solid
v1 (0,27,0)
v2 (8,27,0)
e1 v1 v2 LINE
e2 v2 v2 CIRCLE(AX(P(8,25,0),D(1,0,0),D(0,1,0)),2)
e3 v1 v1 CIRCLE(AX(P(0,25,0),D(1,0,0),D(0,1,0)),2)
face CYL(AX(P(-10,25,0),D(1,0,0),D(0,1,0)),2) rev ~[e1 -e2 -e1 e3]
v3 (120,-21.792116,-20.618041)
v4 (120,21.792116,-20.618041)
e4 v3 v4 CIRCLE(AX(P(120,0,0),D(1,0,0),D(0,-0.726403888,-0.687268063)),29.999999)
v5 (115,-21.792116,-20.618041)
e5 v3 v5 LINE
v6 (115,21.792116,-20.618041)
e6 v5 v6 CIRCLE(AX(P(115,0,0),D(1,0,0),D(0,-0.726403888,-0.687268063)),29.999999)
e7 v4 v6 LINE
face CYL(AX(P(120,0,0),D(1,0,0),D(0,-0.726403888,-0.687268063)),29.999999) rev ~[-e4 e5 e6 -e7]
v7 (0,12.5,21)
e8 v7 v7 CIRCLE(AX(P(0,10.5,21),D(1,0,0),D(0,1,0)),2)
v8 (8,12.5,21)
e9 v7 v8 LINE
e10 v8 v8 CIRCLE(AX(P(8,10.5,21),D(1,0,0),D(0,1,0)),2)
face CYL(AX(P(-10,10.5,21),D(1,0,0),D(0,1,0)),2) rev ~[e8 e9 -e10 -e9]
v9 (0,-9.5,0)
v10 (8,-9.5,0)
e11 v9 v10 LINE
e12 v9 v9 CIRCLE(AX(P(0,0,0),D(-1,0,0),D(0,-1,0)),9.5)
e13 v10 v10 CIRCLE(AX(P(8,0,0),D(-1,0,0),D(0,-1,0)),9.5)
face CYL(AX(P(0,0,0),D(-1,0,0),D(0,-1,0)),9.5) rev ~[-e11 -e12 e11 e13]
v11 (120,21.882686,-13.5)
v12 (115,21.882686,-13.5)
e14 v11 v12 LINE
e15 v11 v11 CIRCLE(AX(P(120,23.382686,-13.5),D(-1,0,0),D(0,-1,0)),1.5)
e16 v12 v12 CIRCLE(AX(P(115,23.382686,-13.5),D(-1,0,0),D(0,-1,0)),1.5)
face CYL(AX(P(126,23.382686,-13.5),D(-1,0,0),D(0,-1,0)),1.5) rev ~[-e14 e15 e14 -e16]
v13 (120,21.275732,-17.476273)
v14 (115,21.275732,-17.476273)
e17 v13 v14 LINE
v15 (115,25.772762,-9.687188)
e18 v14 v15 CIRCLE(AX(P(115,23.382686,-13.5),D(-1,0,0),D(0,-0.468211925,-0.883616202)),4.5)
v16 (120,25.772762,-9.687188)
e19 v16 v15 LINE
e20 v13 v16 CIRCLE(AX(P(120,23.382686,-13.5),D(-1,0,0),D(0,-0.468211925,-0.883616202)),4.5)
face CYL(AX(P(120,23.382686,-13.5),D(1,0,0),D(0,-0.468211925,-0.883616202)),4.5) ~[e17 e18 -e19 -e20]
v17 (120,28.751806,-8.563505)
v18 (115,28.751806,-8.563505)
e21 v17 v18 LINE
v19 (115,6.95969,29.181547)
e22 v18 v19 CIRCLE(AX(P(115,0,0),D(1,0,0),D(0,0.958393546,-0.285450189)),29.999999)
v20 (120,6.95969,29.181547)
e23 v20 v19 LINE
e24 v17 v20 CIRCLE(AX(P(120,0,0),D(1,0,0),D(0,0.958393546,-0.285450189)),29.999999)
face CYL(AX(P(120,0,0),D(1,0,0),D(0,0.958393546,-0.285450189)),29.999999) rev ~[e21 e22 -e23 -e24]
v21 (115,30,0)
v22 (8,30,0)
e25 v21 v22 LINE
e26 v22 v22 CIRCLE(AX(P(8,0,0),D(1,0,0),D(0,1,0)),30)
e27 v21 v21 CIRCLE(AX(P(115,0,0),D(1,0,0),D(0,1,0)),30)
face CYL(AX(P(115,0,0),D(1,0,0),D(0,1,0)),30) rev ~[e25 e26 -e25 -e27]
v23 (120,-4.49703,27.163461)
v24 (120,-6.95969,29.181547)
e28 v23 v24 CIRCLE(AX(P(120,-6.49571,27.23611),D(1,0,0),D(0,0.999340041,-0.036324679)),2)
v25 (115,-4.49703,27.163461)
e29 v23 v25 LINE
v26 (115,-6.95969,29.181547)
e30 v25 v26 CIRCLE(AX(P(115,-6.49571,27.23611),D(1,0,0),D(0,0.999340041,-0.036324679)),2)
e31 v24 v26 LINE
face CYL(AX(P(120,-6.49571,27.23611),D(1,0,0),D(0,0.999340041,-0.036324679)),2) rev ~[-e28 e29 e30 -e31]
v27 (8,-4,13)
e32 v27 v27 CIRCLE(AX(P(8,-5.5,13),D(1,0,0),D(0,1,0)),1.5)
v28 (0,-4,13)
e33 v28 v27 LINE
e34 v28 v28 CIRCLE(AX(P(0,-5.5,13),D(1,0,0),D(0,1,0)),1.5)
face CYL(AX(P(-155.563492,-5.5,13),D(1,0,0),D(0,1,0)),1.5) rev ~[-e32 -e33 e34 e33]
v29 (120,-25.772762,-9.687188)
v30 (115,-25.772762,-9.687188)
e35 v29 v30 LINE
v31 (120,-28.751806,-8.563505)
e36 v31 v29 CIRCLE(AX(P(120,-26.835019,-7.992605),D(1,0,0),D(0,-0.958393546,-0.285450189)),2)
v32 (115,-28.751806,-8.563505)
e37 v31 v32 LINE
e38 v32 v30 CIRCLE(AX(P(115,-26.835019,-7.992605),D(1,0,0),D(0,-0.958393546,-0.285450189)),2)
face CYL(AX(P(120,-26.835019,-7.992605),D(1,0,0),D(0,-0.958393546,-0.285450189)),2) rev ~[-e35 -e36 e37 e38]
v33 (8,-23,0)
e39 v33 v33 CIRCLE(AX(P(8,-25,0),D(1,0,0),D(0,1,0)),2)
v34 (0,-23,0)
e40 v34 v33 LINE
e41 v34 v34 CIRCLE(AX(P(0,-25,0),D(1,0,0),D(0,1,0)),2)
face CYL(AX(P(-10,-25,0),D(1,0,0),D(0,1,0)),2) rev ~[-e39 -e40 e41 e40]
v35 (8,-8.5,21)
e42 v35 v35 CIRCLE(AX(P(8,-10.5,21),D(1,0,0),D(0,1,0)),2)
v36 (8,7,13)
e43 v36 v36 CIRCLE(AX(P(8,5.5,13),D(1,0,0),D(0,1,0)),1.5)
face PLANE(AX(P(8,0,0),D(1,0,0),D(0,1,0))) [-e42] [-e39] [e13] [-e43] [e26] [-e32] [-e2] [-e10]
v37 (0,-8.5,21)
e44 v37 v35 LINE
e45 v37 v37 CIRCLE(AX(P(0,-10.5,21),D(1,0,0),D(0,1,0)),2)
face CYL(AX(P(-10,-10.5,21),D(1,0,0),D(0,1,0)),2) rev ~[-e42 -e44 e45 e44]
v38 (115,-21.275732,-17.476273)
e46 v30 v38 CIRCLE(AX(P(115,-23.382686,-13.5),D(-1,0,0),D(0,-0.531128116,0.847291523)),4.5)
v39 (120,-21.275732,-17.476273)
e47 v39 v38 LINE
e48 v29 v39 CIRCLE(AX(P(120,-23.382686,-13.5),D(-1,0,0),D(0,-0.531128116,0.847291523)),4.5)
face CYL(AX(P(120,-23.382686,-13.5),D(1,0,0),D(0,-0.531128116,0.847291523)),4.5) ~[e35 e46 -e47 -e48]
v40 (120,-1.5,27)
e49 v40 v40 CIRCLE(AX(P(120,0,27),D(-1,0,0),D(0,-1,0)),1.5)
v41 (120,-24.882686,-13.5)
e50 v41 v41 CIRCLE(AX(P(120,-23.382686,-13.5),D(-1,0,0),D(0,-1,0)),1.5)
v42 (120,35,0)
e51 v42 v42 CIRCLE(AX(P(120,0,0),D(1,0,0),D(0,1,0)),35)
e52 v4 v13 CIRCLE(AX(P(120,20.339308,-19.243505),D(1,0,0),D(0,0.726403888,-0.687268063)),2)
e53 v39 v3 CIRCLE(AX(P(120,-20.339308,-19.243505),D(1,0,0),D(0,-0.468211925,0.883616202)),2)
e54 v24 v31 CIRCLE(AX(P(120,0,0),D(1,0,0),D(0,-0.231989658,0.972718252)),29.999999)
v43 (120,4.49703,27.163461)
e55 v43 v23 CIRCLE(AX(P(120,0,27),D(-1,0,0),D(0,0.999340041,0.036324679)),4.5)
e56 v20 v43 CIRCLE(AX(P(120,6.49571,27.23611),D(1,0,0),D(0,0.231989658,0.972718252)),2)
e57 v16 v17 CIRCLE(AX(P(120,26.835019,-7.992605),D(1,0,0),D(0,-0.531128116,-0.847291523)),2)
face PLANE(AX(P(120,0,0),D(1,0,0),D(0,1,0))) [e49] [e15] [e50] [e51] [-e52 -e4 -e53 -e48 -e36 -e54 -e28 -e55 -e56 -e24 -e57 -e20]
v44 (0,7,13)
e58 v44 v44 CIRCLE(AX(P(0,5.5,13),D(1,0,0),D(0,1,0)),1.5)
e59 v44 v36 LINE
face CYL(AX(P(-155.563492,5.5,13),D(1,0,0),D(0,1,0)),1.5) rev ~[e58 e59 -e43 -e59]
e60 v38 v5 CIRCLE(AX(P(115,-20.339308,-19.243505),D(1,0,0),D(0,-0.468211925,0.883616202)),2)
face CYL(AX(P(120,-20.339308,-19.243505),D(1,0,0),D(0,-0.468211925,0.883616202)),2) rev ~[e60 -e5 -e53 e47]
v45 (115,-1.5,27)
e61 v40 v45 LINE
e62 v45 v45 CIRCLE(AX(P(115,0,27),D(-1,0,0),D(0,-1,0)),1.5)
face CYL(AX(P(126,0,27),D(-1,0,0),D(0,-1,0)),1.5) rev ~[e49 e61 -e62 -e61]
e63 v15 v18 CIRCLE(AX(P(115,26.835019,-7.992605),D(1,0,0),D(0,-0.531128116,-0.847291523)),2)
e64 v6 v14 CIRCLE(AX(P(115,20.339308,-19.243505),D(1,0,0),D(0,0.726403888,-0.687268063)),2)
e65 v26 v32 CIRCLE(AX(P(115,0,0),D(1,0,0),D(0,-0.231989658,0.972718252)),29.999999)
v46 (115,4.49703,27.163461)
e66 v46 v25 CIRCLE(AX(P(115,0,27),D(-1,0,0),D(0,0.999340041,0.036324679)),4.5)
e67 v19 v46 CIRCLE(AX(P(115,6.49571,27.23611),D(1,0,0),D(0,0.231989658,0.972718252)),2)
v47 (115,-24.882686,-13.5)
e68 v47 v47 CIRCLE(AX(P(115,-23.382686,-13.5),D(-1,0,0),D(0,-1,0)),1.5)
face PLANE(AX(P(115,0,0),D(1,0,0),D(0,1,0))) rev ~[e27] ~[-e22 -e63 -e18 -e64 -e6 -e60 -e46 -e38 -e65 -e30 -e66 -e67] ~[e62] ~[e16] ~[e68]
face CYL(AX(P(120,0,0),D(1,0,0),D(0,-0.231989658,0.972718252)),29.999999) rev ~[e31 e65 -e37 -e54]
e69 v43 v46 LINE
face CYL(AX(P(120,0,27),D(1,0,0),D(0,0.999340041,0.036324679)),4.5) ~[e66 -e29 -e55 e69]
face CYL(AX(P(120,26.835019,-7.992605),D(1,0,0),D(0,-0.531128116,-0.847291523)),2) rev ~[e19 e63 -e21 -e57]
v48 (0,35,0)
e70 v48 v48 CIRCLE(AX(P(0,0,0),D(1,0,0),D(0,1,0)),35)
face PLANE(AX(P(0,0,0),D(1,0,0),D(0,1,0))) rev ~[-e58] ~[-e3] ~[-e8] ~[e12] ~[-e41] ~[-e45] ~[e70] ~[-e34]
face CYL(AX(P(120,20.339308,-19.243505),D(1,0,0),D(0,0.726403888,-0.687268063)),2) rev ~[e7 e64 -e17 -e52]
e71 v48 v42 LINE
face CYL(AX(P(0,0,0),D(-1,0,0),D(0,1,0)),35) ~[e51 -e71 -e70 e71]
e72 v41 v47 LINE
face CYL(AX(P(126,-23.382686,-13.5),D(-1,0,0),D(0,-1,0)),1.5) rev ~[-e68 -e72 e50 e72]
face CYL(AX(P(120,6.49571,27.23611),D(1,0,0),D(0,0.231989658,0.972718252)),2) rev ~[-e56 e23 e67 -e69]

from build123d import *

# Parameters (mm, degrees)
F0_R      = 35
F1_DEPTH  = 120
F3_DEPTH  = 5
F4_R      = 30
F5_DEPTH  = 107
F7_D      = 3
F7_DEPTH  = 6
F7_TIP    = 0.9012909285
F9_D      = 4
F9_DEPTH  = 10
F9_TIP    = 1.2017212381
F10_R     = 9.5
F11_DEPTH = 25
F13_D     = 4
F13_DEPTH = 10
F13_TIP   = 1.2017212381
F15_D     = 3


with BuildPart() as f1:
    # F0 (on Right) → F1 (new body)
    with BuildSketch(Plane.YZ):
        Circle(F0_R)
    extrude(amount=F1_DEPTH)

    # F2 (on face) → F3 (cut)
    with BuildSketch(Plane.YZ.offset(120)):
        with BuildLine():
            ThreePointArc((-21.2757322377, -17.4762729101), (-22.3128291794, -18.9191356469), (-21.7921161636, -20.6180414414))
            ThreePointArc((-21.7921161636, -20.6180414414), (0, -29.9999993294), (21.7921161636, -20.6180414414))
            ThreePointArc((21.7921161636, -20.6180414414), (22.3128291794, -18.9191356469), (21.2757322377, -17.4762729101))
            ThreePointArc((21.2757322377, -17.4762729101), (19.4855715851, -11.25), (25.7727624225, -9.6871881469))
            ThreePointArc((25.7727624225, -9.6871881469), (27.5408666776, -9.8639090762), (28.7518057463, -8.5635054791))
            ThreePointArc((28.7518057463, -8.5635054791), (25.9807615328, 14.9999996647), (6.9596895828, 29.1815469206))
            ThreePointArc((6.9596895828, 29.1815469206), (5.2280374982, 28.7830447231), (4.4970301848, 27.163461057))
            ThreePointArc((4.4970301848, 27.163461057), (0, 22.5), (-4.4970301848, 27.163461057))
            ThreePointArc((-4.4970301848, 27.163461057), (-5.2280374982, 28.7830447231), (-6.9596895828, 29.1815469206))
            ThreePointArc((-6.9596895828, 29.1815469206), (-25.9807615328, 14.9999996647), (-28.7518057463, -8.5635054791))
            ThreePointArc((-28.7518057463, -8.5635054791), (-27.5408666776, -9.8639090762), (-25.7727624225, -9.6871881469))
            ThreePointArc((-25.7727624225, -9.6871881469), (-19.4855715851, -11.25), (-21.2757322377, -17.4762729101))
        make_face()
    extrude(amount=-F3_DEPTH, mode=Mode.SUBTRACT)

    # F4 (on face) → F5 (cut)
    with BuildSketch(Plane.YZ.offset(115)):
        Circle(F4_R)
    extrude(amount=-F5_DEPTH, mode=Mode.SUBTRACT)

    # F7
    with Locations(Plane.YZ.offset(120)):
        with Locations((-23.3826859022, -13.5), (0, 27), (23.3826859022, -13.5)):
            Hole(F7_D / 2, depth=F7_DEPTH)
            with Locations((0, 0, -(F7_DEPTH + F7_TIP / 2))):  # 118° drill point
                Cone(0, F7_D / 2, F7_TIP, mode=Mode.SUBTRACT)

    # F9
    with Locations(Plane(origin=(0, 0, 0), x_dir=(0, -1, 0), z_dir=(-1, 0, 0))):
        with Locations((-25, 0), (25, 0)):
            Hole(F9_D / 2, depth=F9_DEPTH)
            with Locations((0, 0, -(F9_DEPTH + F9_TIP / 2))):  # 118° drill point
                Cone(0, F9_D / 2, F9_TIP, mode=Mode.SUBTRACT)

    # F10 (on face) → F11 (cut)
    with BuildSketch(Plane(origin=(0, 0, 0), x_dir=(0, -1, 0), z_dir=(-1, 0, 0))):
        Circle(F10_R)
    extrude(amount=-F11_DEPTH, mode=Mode.SUBTRACT)

    # F13
    with Locations(Plane(origin=(0, 0, 0), x_dir=(0, -1, 0), z_dir=(-1, 0, 0))):
        with Locations((-10.5, 21), (10.5, 21)):
            Hole(F13_D / 2, depth=F13_DEPTH)
            with Locations((0, 0, -(F13_DEPTH + F13_TIP / 2))):  # 118° drill point
                Cone(0, F13_D / 2, F13_TIP, mode=Mode.SUBTRACT)

    # F15 (through all)
    with Locations(Plane(origin=(0, 0, 0), x_dir=(0, -1, 0), z_dir=(-1, 0, 0))):
        with Locations((-5.5, 13), (5.5, 13)):
            Hole(F15_D / 2)


solid = f1.part
